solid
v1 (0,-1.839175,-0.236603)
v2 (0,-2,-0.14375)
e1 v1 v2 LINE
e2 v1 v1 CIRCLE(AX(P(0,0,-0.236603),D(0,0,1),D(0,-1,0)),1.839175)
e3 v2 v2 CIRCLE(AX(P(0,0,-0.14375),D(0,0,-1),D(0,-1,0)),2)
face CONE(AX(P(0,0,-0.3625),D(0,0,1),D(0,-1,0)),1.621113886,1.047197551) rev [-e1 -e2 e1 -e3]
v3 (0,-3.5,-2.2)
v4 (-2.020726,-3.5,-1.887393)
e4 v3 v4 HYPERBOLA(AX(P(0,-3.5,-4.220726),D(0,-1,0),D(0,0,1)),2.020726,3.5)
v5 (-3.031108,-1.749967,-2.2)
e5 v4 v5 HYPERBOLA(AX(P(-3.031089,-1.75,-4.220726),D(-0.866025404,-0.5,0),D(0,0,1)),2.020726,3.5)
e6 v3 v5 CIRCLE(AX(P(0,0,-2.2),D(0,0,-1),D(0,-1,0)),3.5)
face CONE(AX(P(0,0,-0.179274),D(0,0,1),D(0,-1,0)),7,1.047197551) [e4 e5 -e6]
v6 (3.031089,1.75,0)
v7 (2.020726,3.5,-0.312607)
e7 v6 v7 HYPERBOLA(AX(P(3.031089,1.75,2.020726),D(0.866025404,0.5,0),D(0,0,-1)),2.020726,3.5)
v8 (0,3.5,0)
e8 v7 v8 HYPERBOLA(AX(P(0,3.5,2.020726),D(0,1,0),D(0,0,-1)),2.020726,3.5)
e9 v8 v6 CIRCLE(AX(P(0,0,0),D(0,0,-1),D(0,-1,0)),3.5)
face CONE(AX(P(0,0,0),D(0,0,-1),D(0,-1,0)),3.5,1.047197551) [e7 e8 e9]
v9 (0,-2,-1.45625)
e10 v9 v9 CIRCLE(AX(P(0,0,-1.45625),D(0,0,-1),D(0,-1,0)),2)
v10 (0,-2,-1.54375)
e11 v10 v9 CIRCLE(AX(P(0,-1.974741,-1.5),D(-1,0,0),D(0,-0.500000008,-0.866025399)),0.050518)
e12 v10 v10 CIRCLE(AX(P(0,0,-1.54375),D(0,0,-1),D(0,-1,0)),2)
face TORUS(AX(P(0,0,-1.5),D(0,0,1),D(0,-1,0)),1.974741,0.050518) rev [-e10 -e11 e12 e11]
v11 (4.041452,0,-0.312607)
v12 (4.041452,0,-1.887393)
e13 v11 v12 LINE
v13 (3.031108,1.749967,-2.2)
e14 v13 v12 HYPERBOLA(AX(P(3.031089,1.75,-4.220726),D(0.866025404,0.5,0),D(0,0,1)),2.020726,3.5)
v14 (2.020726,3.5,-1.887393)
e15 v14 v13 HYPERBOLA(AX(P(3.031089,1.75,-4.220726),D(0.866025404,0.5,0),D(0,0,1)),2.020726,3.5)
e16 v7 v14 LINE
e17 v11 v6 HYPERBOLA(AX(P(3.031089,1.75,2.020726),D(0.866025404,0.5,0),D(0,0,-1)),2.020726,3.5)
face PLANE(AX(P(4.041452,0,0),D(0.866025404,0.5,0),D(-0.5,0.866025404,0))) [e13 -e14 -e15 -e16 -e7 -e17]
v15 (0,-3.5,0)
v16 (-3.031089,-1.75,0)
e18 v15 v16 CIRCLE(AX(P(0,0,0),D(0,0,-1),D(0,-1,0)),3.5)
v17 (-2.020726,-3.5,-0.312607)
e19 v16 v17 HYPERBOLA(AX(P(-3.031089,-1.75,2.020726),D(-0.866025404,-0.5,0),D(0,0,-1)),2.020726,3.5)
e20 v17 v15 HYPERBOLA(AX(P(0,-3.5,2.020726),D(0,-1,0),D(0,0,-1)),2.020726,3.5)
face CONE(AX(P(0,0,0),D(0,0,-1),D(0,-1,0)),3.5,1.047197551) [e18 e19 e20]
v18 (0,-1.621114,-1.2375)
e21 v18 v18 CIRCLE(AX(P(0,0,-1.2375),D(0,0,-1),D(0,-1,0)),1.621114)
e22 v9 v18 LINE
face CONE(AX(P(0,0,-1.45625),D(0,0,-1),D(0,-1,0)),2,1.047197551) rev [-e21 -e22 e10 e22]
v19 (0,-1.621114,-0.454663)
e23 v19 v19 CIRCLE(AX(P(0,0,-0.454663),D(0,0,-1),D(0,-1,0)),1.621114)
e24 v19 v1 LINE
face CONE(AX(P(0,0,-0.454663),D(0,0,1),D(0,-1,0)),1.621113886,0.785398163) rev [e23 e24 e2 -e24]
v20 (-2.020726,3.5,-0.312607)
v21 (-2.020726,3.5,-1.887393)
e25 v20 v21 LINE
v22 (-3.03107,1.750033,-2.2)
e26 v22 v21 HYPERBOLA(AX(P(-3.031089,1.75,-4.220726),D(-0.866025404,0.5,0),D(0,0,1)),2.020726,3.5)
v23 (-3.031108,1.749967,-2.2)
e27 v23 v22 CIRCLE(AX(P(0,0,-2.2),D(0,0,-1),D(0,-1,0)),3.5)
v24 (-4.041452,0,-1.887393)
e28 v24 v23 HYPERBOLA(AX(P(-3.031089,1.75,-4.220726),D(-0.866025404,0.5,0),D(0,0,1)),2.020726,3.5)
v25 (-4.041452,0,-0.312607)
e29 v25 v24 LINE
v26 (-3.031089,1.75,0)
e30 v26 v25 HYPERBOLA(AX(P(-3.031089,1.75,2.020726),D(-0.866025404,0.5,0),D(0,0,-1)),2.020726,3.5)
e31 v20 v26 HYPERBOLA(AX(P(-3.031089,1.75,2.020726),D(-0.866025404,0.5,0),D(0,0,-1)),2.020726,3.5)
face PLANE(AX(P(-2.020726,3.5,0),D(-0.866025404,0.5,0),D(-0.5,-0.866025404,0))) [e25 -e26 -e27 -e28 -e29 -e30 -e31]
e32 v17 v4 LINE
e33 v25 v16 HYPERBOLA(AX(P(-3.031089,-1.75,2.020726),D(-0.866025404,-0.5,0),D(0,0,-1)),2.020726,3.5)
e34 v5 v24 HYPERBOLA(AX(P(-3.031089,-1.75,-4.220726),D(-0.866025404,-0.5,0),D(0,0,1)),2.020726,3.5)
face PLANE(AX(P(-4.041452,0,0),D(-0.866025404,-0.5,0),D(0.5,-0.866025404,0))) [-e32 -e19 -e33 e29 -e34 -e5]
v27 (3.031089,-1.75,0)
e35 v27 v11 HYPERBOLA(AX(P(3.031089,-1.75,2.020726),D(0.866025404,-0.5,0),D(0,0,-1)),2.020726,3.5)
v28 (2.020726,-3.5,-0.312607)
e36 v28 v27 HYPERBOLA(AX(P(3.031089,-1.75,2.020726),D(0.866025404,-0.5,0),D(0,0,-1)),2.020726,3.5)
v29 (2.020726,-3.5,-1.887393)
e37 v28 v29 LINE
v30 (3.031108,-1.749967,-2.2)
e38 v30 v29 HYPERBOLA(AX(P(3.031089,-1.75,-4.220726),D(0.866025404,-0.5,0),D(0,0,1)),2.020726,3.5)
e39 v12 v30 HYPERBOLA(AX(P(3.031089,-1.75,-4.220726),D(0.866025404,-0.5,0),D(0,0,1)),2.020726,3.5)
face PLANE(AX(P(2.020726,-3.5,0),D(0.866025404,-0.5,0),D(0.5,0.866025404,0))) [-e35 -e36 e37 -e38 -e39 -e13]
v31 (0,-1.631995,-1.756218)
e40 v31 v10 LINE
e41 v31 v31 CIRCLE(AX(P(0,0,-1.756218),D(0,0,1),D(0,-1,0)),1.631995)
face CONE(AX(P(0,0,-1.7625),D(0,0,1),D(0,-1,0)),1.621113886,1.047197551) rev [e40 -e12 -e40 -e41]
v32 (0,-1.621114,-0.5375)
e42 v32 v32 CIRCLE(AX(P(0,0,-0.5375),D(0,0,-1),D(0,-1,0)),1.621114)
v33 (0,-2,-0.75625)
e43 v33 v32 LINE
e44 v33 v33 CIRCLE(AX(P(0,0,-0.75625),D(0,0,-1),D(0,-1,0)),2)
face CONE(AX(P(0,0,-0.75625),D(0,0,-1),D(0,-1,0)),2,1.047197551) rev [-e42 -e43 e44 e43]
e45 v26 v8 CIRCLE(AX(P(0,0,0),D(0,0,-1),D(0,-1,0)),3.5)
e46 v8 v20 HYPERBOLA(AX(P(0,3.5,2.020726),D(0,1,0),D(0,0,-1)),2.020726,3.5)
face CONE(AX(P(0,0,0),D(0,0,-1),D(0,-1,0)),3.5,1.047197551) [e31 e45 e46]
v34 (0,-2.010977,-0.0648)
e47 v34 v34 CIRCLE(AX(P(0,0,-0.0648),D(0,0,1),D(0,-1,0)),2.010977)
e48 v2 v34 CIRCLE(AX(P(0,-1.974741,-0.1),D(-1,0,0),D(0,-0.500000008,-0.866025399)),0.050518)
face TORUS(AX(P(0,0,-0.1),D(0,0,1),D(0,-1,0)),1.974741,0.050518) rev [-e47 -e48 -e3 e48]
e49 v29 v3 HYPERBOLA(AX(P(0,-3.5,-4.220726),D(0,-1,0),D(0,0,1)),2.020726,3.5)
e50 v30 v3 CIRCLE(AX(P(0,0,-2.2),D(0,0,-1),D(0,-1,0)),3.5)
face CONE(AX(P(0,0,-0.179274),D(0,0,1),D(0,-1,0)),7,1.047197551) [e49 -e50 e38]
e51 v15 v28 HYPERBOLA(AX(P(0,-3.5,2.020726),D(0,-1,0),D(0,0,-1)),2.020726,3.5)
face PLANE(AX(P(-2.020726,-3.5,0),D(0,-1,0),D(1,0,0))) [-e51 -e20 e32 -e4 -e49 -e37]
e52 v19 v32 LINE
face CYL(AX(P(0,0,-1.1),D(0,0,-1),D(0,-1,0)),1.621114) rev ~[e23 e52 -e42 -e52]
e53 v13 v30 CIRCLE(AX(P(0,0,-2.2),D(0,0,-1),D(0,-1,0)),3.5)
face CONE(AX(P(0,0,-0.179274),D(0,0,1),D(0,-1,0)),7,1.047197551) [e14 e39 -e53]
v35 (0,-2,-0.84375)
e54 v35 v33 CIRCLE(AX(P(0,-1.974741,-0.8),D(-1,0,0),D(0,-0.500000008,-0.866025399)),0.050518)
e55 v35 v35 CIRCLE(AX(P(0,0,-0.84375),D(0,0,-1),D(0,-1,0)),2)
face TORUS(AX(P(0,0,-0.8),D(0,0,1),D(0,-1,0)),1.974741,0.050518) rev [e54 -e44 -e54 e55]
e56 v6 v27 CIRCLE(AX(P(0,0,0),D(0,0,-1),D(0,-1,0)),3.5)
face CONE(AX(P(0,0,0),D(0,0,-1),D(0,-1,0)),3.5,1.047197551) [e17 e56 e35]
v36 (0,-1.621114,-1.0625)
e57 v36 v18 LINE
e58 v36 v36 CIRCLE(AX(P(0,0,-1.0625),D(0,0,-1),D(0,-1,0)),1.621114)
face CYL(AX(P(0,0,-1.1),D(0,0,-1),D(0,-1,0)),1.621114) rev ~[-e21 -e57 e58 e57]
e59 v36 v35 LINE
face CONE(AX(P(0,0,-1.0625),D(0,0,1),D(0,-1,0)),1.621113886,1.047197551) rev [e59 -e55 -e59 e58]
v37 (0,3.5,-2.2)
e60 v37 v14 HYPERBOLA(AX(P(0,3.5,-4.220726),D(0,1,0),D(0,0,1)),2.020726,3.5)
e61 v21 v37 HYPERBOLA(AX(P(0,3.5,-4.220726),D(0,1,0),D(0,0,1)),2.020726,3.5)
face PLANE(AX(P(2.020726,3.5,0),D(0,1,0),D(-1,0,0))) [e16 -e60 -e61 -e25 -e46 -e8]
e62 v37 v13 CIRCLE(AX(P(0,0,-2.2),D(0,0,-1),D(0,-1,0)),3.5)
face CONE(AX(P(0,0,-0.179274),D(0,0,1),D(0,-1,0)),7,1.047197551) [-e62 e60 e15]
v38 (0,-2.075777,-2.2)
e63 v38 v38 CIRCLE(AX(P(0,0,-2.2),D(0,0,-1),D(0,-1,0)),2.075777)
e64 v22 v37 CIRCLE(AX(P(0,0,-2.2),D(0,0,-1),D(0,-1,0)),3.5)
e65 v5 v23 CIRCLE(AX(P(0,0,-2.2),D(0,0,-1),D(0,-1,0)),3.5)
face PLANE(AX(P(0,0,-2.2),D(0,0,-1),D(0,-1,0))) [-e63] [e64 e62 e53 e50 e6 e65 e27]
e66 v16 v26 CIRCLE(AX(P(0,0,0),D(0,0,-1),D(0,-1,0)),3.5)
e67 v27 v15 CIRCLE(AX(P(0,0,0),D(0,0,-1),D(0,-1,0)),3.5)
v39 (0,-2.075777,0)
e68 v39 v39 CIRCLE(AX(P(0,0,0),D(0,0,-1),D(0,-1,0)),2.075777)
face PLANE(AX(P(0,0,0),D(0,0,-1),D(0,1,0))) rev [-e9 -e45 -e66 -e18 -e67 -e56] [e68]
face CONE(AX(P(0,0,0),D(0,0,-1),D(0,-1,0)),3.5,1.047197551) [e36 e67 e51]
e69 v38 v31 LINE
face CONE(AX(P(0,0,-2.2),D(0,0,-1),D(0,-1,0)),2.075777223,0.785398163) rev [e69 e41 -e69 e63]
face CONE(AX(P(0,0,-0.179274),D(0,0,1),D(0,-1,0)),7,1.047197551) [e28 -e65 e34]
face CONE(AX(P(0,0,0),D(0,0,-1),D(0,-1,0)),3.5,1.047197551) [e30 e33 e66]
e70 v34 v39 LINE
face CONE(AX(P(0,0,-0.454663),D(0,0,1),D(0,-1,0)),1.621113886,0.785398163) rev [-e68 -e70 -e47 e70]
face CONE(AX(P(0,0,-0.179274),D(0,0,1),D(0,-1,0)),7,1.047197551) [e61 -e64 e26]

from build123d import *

# Parameters (mm, degrees)
SKETCH5_W               = 2.2
SKETCH5_H               = 7
SKETCH7_W               = 2.2
SKETCH7_H               = 2
SKETCH9_W               = 2.2
SKETCH9_H               = 0.454663337
THREAD_SIMPLE_COUNT     = 4
THREAD_SIMPLE_PITCH     = 0.7
SKETCH22_OUTSIDE_W      = 15.9
SKETCH22_OUTSIDE_H      = 15.9
CUT_PROFILE_OUTER_DEPTH = 3.2


with BuildPart() as part:
    # Sketch5 → body (revolve)
    with BuildSketch(Plane(origin=(0, 0, 0), x_dir=(0, 0, -1), z_dir=(1, 0, 0))):
        with Locations((1.1, 3.5)):
            Rectangle(SKETCH5_W, SKETCH5_H)
    revolve(axis=Axis((0, 0, 0), (0, 0, -1)))

    # Sketch19 → cut-chamfer-start (revolve, cut)
    with BuildSketch(Plane(origin=(0, 0, 0), x_dir=(0, 0, -1), z_dir=(1, 0, 0))):
        Polygon((2.020725942, -7), (0, -7), (0, -3.5), align=None)
    revolve(axis=Axis((0, 0, 0), (0, 0, -1)), mode=Mode.SUBTRACT)

    # Sketch20 → cut-chamfer-end (revolve, cut)
    with BuildSketch(Plane(origin=(0, 0, 0), x_dir=(0, 0, -1), z_dir=(1, 0, 0))):
        Polygon((2.2, -7), (0.179274058, -7), (2.2, -3.5), align=None)
    revolve(axis=Axis((0, 0, 0), (0, 0, -1)), mode=Mode.SUBTRACT)

    # Sketch7 → body-bore (revolve, cut)
    with BuildSketch(Plane(origin=(0, 0, 0), x_dir=(0, 0, -1), z_dir=(1, 0, 0))):
        with Locations((1.1, 1)):
            Rectangle(SKETCH7_W, SKETCH7_H)
    revolve(axis=Axis((0, 0, -2.2), (0, 0, 1)), mode=Mode.SUBTRACT)

    # Sketch9 → body-thread (revolve)
    with BuildSketch(Plane(origin=(0, 0, 0), x_dir=(0, 0, -1), z_dir=(1, 0, 0))):
        with Locations((1.1, -1.848445555)):
            Rectangle(SKETCH9_W, SKETCH9_H)
    revolve(axis=Axis((0, 0, 0), (0, 0, -1)))

    # Sketch10 → thread-single (revolve, cut)
    with BuildSketch(Plane(origin=(0, 0, 0), x_dir=(0, 0, -1), z_dir=(1, 0, 0))):
        with BuildLine():
            Line((2.15625, -2), (1.9375, -1.621113886))
            Line((1.9375, -1.621113886), (2.4625, -1.621113886))
            Line((2.4625, -1.621113886), (2.24375, -2))
            ThreePointArc((2.24375, -2), (2.2, -2.025259074), (2.15625, -2))
        make_face()
    thread_single = revolve(axis=Axis((0, 0, 0), (0, 0, -1)), mode=Mode.SUBTRACT)

    # thread-simple: thread-single ×4
    with Locations(*[(0, 0, i * THREAD_SIMPLE_PITCH) for i in range(1, THREAD_SIMPLE_COUNT)]):
        add(thread_single, mode=Mode.SUBTRACT)

    # Sketch15 → cut-chamfer-start-inner (revolve, cut)
    with BuildSketch(Plane(origin=(0, 0, 0), x_dir=(0, 0, -1), z_dir=(1, 0, 0))):
        Polygon((0, -1.621113886), (0.454663337, -1.621113886), (0, -2.075777223), align=None)
    revolve(axis=Axis((0, 0, 0), (0, 0, -1)), mode=Mode.SUBTRACT)

    # Sketch16 → cut-chamfer-end-inner (revolve, cut)
    with BuildSketch(Plane(origin=(0, 0, 0), x_dir=(0, 0, -1), z_dir=(1, 0, 0))):
        Polygon((2.2, -1.621113886), (2.2, -2.075777223), (1.745336663, -1.621113886), align=None)
    revolve(axis=Axis((0, 0, 0), (0, 0, -1)), mode=Mode.SUBTRACT)

    # Sketch22 outside → cut-profile-outer (cut, through all)
    with BuildSketch(Plane.XY):
        Rectangle(SKETCH22_OUTSIDE_W, SKETCH22_OUTSIDE_H)
        Polygon((4.041451884, 0), (2.020725942, 3.5), (-2.020725942, 3.5), (-4.041451884, 0), (-2.020725942, -3.5), (2.020725942, -3.5), align=None, mode=Mode.SUBTRACT)
    extrude(amount=-CUT_PROFILE_OUTER_DEPTH, mode=Mode.SUBTRACT)


solid = part.part
